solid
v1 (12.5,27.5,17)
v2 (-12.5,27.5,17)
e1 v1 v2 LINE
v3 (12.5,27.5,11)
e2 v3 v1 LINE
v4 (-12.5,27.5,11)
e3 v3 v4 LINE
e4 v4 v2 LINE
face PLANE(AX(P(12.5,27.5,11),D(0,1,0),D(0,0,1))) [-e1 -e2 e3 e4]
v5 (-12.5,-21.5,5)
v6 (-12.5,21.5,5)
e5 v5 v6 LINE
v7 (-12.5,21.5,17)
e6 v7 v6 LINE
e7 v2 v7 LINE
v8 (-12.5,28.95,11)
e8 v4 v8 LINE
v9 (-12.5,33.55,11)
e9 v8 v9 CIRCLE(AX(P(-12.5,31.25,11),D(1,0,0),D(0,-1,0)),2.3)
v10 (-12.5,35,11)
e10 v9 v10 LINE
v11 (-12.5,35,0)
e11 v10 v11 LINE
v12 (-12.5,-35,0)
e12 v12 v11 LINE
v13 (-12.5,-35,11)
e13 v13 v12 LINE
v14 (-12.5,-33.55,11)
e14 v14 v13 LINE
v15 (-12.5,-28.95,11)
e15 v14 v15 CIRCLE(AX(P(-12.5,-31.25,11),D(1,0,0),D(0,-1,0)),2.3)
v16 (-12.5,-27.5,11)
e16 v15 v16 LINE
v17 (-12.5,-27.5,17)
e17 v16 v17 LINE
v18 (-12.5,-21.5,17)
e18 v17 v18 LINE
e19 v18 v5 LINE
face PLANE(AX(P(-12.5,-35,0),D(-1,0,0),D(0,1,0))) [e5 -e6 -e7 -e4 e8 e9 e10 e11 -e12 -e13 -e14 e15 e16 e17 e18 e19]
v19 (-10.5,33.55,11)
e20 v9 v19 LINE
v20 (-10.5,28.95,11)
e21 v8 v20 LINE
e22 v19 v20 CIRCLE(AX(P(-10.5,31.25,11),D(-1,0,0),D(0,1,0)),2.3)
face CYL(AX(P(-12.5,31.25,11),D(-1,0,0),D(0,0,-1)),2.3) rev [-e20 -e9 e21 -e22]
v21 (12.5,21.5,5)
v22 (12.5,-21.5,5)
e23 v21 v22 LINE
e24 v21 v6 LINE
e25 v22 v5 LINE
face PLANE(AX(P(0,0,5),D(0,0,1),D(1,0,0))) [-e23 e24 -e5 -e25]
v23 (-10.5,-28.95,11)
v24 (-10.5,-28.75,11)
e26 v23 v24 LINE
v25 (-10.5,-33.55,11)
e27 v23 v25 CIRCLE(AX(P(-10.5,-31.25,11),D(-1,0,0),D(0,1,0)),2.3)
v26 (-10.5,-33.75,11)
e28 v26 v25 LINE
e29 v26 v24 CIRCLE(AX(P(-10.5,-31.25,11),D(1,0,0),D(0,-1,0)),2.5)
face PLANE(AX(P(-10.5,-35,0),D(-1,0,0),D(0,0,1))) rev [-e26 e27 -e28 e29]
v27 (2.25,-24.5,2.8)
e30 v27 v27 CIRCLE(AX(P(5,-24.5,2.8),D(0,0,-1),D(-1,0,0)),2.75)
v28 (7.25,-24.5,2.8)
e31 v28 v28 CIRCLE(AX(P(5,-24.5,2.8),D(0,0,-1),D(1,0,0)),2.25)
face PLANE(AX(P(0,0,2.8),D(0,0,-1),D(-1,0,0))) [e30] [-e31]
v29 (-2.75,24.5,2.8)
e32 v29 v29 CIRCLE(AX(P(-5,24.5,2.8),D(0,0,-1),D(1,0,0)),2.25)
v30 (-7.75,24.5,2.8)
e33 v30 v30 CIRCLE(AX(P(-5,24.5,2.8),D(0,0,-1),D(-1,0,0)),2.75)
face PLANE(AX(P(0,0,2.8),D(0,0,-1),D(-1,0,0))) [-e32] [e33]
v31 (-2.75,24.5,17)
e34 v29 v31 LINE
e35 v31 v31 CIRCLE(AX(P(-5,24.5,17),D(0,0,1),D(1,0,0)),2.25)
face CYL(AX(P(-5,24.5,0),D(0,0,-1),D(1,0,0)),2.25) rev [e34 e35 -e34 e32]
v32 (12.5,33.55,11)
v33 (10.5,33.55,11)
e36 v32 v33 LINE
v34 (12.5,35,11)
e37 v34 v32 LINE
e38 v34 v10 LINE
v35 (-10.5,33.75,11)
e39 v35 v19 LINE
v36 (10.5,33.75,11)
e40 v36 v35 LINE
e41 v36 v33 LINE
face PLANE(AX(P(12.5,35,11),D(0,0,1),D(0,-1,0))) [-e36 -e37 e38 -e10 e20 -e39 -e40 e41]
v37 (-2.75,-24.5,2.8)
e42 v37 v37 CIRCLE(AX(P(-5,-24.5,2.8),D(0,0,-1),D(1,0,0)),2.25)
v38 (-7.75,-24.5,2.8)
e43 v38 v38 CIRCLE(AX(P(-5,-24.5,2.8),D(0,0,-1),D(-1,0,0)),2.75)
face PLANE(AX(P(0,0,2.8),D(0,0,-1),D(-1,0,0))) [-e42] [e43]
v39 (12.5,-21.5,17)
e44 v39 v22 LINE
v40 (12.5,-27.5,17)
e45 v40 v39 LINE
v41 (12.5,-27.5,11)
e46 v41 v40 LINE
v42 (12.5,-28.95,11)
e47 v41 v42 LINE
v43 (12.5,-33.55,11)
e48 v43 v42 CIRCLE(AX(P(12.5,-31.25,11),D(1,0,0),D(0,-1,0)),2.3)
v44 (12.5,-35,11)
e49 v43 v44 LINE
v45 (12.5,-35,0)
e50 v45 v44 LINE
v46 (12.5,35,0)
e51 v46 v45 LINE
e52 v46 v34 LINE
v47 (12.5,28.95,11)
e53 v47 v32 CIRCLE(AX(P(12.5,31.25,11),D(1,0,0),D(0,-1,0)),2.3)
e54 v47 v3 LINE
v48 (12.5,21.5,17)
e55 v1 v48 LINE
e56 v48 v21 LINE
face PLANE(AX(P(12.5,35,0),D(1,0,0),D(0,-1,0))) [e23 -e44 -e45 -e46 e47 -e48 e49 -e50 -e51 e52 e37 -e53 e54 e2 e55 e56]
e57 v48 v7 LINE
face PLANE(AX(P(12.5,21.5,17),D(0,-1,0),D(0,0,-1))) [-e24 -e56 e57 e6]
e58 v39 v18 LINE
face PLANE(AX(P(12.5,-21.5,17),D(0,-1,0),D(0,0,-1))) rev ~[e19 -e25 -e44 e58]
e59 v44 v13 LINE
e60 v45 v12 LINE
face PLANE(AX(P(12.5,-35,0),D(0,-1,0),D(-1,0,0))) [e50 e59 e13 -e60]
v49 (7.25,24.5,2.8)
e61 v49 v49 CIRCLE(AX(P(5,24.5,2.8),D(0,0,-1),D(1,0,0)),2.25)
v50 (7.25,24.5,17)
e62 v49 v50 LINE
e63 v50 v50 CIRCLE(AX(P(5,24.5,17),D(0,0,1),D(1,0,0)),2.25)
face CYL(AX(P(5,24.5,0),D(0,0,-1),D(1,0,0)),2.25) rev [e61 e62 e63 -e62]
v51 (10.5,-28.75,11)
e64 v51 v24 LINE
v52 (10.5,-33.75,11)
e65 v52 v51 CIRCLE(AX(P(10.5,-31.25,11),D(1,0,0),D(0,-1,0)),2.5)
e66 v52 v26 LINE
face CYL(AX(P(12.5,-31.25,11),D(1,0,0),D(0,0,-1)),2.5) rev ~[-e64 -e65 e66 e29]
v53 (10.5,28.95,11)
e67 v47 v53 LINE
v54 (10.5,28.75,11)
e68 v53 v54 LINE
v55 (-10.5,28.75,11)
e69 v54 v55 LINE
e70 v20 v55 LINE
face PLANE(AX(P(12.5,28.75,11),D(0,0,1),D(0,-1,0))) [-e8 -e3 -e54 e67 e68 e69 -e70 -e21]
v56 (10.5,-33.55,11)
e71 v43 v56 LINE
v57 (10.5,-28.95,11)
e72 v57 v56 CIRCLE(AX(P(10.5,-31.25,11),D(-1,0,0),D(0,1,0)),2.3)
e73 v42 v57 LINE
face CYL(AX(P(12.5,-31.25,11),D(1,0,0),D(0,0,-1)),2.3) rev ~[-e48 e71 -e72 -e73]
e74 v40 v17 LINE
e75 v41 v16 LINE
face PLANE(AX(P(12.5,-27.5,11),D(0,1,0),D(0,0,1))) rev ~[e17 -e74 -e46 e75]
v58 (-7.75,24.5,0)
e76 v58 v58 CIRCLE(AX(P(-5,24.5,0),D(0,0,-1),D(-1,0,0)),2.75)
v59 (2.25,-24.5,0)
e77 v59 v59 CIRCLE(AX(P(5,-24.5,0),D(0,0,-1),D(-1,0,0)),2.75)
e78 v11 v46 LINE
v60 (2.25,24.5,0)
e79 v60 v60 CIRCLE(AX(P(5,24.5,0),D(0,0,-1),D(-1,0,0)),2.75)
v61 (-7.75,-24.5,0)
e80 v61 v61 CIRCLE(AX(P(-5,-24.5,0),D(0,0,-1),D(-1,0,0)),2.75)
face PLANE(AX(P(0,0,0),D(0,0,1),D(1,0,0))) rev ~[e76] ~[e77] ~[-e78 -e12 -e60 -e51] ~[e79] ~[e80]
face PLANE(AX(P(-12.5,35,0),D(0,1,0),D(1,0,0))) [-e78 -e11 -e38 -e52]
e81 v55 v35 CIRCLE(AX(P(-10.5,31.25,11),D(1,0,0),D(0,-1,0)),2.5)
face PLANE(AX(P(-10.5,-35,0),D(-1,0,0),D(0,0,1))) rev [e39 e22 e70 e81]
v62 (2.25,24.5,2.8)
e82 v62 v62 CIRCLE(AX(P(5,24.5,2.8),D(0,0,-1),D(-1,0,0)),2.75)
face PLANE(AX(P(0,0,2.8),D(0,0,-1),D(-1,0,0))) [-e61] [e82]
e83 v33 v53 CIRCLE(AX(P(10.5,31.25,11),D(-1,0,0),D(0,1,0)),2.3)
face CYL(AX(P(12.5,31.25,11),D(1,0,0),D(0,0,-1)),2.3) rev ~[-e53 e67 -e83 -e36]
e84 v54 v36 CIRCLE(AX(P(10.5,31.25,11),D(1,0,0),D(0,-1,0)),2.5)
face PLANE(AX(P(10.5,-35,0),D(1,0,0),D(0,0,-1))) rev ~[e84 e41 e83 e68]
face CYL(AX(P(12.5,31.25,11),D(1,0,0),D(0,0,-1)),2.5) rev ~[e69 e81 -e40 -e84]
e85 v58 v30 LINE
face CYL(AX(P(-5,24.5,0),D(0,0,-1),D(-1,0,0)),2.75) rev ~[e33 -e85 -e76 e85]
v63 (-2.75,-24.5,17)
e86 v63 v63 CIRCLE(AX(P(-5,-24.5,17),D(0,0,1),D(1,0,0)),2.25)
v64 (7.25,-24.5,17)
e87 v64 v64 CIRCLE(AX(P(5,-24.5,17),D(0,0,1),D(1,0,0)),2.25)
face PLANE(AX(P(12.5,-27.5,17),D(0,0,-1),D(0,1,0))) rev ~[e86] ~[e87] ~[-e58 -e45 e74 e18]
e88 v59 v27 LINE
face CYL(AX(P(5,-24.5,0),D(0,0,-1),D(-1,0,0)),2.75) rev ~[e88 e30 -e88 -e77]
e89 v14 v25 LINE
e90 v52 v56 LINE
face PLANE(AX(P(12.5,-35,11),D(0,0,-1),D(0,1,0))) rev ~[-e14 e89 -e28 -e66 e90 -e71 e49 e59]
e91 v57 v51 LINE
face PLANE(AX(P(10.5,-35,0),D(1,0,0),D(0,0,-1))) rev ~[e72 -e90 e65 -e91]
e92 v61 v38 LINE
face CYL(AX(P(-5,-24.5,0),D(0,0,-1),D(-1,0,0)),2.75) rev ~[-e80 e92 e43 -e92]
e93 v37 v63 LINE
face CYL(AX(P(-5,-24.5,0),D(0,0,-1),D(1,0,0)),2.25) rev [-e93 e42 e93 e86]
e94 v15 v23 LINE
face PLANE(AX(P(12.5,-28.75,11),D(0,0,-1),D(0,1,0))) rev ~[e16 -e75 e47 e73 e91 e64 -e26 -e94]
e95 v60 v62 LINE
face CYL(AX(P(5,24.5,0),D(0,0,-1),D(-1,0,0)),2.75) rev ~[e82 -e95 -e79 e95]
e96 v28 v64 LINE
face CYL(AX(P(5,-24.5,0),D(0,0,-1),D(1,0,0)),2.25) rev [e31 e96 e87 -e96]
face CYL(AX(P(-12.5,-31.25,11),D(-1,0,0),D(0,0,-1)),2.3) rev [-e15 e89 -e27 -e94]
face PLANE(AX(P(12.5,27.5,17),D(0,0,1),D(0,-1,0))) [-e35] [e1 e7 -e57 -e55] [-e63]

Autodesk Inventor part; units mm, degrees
ref_plane "YZ Plane" through (0, 0, 0) normal (1, 0, 0) x (0, 1, 0)
ref_plane "XZ Plane" through (0, 0, 0) normal (0, 1, 0) x (-1, 0, 0)
ref_plane "XY Plane" through (0, 0, 0) normal (0, 0, 1) x (1, 0, 0)
sketch "Sketch1" plane through (0, 0, 0) normal (0, 0, 1) x (1, 0, 0)
  line L0 (12.5, -35) -> (-12.5, -35)
  line L1 (-12.5, -35) -> (-12.5, 35)
  line L2 (-12.5, 35) -> (12.5, 35)
  line L3 (12.5, 35) -> (12.5, -35)
  line L4 (12.5, -35) -> (-12.5, 35) construction
  line L5 (-12.5, -35) -> (12.5, 35) construction
  line L6 (5, -24.5) -> (-5, -24.5) construction
  line L7 (-5, -24.5) -> (-5, 24.5) construction
  line L8 (-5, 24.5) -> (5, 24.5) construction
  line L9 (5, 24.5) -> (5, -24.5) construction
  line L10 (5, -24.5) -> (-5, 24.5) construction
  line L11 (-5, -24.5) -> (5, 24.5) construction
  circle A0 centre (-5, 24.5) radius 2.25
  circle A1 centre (5, 24.5) radius 2.25
  circle A2 centre (5, -24.5) radius 2.25
  circle A3 centre (-5, -24.5) radius 2.25
  point P0 (0, 0)
  dimension "d0" = 4.5
  dimension "d1" = 10
  dimension "d2" = 49
  dimension "d3" = 25
  dimension "d4" = 70
extrude "Extrusion1" add sketch "Sketch1" along normal blind 5
sketch "Sketch2" plane through (12.5, -35, 0) normal (1, 0, 0) x (0, 0, -1)
  line L0 (-5, 70) -> (-11, 70)
  line L1 (-11, 70) -> (-11, 62.5)
  line L2 (-11, 62.5) -> (-5, 62.5)
  line L3 (-5, 62.5) -> (-5, 70)
  circle A0 centre (-11, 66.25) radius 2.5
  line L4 (2.8141, 35) -> (-33.1304, 35) construction
  line L5 (0, 0) -> (0, 70) projected
  line L6 (-5, 0) -> (-11, 0)
  line L7 (-11, 0) -> (-11, 7.5)
  line L8 (-11, 7.5) -> (-5, 7.5)
  line L9 (-5, 7.5) -> (-5, 0)
  circle A1 centre (-11, 3.75) radius 2.5
  line L10 (-5, 62.5) -> (-17, 62.5)
  line L11 (-17, 62.5) -> (-17, 56.5)
  line L12 (-17, 56.5) -> (-5, 56.5)
  line L13 (-5, 56.5) -> (-5, 62.5)
  line L14 (-5, 7.5) -> (-17, 7.5)
  line L15 (-17, 7.5) -> (-17, 13.5)
  line L16 (-17, 13.5) -> (-5, 13.5)
  line L17 (-5, 13.5) -> (-5, 7.5)
  circle A2 centre (-11, 66.25) radius 2.3
  circle A3 centre (-11, 3.75) radius 2.3
  point P0 (0, 35)
  point P1 (0, 35)
  point P2 (-11, 68.75)
  point P3 (-11, 63.75)
  point P4 (-11, 6.25)
  point P5 (-11, 1.25)
  point P6 (-11, 6.05)
  point P7 (-11, 1.45)
  point P8 (-11, 68.55)
  point P9 (-11, 63.95)
  dimension "d7" = 6
  dimension "d8" = 7.5
  dimension "d9" = 5
  dimension "d12" = 6
  dimension "d13" = 12
  dimension "d16" = 0.2
extrude "Extrusion2" add sketch "Sketch2" against normal up to surface (25 mm away) contours L3 L2 L1 A0 L0 | L13 L12 L11 L10 L2 | L6 L7 A1 L8 L9 | L8 L14 L15 L16 L17
extrude "Extrusion3" cut sketch "Sketch1" along normal up to surface (17 mm away) contours A0 | A1 | A2 | A3
extrude "Extrusion4" add sketch "Sketch2" against normal blind 2 contours A0 L1 A2 | L7 A3 A1 picked at (-9.3509, 68.0205) picked at (-8.6068, 3.394)
mirror "Mirror1" about plane through (0, 0, 0) normal (1, 0, 0) of "Extrusion4"
sketch "Sketch3" plane through (0, 0, 0) normal (0, 0, -1) x (-1, 0, 0)
  circle A0 centre (-5, 24.5) radius 2.75
  circle A1 centre (-5, 24.5) radius 2.25 projected
  line L0 (-5, 24.5) -> (-5, 16.1694) construction
  line L1 (-5, 24.5) -> (-0.8082, 24.5) construction
  circle A2 centre (-5, -24.5) radius 2.75
  circle A3 centre (5, 24.5) radius 2.75
  circle A4 centre (5, -24.5) radius 2.75
  circle A5 centre (5, 24.5) radius 2.25 projected
  circle A6 centre (5, -24.5) radius 2.25 projected
  circle A7 centre (-5, -24.5) radius 2.25 projected
  point P0 (0, 0)
  dimension "d19" = 5.5
  dimension "d22" = 49
  dimension "d25" = 10
extrude "Extrusion5" cut sketch "Sketch3" against normal blind 2.8
equation "\"d13\" = 2 * d7"
equation "\"d14\" = d2"
properties part number "Servo_mount_front"
